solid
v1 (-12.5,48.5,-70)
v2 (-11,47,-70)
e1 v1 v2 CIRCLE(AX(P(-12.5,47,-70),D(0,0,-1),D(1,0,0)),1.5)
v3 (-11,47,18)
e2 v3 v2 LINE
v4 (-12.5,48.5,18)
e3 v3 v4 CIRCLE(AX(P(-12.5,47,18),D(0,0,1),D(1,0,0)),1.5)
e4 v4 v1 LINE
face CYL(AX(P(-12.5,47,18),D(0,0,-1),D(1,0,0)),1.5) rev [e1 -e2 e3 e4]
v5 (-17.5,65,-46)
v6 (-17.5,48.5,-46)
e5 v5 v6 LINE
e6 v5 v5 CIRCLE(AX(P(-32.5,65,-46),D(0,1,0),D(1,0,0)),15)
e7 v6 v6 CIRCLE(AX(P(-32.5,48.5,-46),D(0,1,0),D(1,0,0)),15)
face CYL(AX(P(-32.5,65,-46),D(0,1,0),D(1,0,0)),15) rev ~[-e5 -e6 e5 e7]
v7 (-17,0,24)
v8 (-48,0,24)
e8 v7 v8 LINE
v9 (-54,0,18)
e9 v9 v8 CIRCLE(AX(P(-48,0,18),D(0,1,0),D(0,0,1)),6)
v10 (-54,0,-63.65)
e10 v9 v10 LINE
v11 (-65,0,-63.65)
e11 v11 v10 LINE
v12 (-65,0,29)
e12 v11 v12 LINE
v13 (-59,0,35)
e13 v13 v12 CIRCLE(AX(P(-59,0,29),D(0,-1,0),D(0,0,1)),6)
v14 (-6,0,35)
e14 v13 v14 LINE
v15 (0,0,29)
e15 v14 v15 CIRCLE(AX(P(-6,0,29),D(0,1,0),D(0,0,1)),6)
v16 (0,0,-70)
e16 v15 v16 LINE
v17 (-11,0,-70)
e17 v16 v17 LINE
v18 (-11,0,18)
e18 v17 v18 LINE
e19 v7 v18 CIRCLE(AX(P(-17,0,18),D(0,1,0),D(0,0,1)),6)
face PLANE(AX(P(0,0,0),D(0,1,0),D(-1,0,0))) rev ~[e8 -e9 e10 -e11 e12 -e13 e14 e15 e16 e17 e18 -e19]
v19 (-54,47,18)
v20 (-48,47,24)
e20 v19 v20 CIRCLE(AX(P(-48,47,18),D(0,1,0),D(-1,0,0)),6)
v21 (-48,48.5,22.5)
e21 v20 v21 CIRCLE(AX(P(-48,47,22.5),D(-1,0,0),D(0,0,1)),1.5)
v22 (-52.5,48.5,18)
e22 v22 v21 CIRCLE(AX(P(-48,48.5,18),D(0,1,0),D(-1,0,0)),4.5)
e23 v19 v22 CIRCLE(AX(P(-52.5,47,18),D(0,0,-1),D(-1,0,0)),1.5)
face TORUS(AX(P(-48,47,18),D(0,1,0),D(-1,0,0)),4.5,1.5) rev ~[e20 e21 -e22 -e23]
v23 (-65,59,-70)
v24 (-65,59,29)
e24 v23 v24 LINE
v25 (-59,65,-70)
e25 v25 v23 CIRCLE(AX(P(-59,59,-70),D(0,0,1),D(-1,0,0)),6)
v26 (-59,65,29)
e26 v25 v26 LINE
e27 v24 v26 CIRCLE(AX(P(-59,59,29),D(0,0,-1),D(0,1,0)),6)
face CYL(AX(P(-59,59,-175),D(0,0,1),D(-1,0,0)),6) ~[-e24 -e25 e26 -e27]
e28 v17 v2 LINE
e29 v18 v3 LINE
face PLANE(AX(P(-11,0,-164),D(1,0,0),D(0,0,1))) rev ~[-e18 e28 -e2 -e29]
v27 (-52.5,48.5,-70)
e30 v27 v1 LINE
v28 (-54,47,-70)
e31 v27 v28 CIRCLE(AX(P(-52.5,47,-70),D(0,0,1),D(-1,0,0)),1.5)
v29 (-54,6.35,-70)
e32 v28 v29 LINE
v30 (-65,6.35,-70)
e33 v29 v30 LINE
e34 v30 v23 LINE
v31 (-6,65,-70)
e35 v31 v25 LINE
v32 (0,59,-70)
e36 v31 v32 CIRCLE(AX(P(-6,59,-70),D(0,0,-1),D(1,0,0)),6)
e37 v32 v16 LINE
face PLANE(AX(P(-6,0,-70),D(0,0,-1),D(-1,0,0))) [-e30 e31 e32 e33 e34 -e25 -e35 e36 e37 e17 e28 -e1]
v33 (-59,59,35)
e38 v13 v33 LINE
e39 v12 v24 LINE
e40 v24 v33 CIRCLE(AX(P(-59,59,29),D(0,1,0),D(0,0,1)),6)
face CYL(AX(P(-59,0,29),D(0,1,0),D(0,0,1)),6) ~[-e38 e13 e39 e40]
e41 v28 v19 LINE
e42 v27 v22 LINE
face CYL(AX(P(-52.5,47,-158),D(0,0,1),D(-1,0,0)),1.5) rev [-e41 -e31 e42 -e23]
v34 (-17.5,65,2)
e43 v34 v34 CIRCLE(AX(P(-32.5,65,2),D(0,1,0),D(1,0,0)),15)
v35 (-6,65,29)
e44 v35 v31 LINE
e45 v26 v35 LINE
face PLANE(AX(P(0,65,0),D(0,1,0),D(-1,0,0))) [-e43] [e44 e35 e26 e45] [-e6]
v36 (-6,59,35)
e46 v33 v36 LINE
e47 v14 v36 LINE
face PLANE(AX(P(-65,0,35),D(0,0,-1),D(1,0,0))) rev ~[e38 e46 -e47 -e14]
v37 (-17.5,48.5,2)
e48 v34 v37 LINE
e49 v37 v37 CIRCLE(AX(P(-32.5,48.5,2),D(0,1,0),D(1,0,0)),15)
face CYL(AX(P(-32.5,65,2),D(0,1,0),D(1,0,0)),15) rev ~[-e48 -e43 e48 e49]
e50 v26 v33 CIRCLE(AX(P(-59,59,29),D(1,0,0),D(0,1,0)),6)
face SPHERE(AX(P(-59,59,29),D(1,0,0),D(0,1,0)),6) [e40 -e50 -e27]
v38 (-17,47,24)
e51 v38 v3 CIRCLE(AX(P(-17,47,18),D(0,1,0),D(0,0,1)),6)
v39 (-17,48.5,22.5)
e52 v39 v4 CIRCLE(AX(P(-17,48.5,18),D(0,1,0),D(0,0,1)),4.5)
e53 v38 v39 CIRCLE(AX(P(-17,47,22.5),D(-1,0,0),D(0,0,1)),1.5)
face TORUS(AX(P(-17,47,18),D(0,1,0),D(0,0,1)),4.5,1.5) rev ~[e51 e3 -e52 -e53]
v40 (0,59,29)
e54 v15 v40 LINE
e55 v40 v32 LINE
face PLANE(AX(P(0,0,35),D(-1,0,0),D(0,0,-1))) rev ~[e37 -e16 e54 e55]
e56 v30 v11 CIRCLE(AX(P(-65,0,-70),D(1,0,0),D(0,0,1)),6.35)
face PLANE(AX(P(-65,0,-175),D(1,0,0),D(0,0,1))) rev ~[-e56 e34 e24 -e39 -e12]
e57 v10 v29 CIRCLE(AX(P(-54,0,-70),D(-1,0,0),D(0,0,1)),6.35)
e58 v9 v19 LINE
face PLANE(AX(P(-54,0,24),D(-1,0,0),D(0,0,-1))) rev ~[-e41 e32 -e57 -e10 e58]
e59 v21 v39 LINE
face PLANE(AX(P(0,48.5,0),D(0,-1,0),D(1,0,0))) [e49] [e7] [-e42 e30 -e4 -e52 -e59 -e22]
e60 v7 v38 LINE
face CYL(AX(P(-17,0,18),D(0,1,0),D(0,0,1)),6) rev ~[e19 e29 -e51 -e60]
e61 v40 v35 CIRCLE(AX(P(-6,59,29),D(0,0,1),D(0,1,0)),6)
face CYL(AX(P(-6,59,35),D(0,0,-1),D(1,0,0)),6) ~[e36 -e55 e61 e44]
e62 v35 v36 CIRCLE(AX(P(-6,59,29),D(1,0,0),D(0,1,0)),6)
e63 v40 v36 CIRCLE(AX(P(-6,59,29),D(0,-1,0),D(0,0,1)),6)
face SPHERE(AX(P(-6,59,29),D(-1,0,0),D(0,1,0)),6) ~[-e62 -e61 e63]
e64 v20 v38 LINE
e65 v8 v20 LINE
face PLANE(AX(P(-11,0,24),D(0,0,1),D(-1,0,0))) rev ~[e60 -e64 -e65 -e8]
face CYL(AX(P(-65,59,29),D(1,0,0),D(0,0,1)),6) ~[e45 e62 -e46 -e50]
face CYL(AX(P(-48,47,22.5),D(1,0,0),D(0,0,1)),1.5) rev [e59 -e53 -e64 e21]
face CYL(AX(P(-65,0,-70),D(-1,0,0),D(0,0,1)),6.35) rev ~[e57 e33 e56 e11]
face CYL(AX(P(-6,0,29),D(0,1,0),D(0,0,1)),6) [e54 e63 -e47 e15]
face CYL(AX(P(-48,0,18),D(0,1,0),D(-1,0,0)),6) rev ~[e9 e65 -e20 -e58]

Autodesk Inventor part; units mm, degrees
ref_plane "YZ Plane" through (0, 0, 0) normal (1, 0, 0) x (0, 1, 0)
ref_plane "XZ Plane" through (0, 0, 0) normal (0, 1, 0) x (-1, 0, 0)
ref_plane "XY Plane" through (0, 0, 0) normal (0, 0, 1) x (1, 0, 0)
sketch "Base" plane through (0, 0, 0) normal (0, 1, 0) x (-1, 0, 0)
  line L0 (0, 35) -> (0, -175)
  line L1 (0, -175) -> (65, -175)
  line L2 (65, -175) -> (65, 35)
  line L3 (65, 35) -> (0, 35)
  dimension "d6" = 210
  dimension "d7" = 65
extrude "Extrusion2" add sketch "Base" along normal blind 65
sketch "Top" plane through (0, 65, 0) normal (0, 1, 0) x (1, 0, 0)
  circle A0 centre (-32.5, 46) radius 17
  circle A1 centre (-32.5, -2) radius 17
  circle A2 centre (-32.5, 94) radius 17
  circle A3 centre (-32.5, 142) radius 17
  line L0 (0, 175) -> (-65, 175) projected
  line L1 (-65, 175) -> (-65, -35) projected
  line L2 (-65, -35) -> (0, -35) construction
  line L3 (-32.5, -35) -> (-32.5, 175) construction
  circle A4 centre (-32.5, -2) radius 15
  circle A5 centre (-32.5, 46) radius 15
  circle A6 centre (-32.5, 94) radius 15
  circle A7 centre (-32.5, 142) radius 15
  point P0 (-32.5, 70)
  dimension "d10" = 34
  dimension "d11" = 34
  dimension "d12" = 34
  dimension "d13" = 34
  dimension "d14" = 48
  dimension "d15" = 48
  dimension "d16" = 48
  dimension "d27" = 30
  dimension "d28" = 30
  dimension "d29" = 30
  dimension "d30" = 30
  dimension "d31" = 24
  dimension "d32" = 105
  dimension "d35" = 33
extrude "Extrusion3" cut sketch "Top" against normal up to next contours A4 | A5 | A6 | A7
sketch "Walls" plane through (0, 0, 0) normal (0, -1, 0) x (1, 0, 0)
  line L0 (-11, 24) -> (-54, 24)
  line L1 (-54, 24) -> (-54, -164)
  line L2 (-54, -164) -> (-11, -164)
  line L3 (-11, -164) -> (-11, 24)
  line L4 (-65, 35) -> (0, 35) projected
  line L5 (0, -175) -> (-65, -175) projected
  line L6 (0, 35) -> (0, -175) projected
  line L7 (-65, -175) -> (-65, 35) projected
  point P0 (0, 0)
  dimension "d21" = 11
  dimension "d22" = 11
  dimension "d23" = 11
  dimension "d24" = 11
  dimension "d33" = 43
  dimension "d47" = 65
extrude "Extrusion4" cut sketch "Walls" against normal blind 48.5 contours L3 L2 L1 L0
sketch "Sketch6" plane through (0, 0, 35) normal (1, 0, 0) x (0, 0, -1)
  line L0 (0, 0) -> (210, 0) projected
  line L1 (11, 48.5) -> (199, 48.5) projected
  point P0 (35, 0)
  point P1 (33.3852, 33.5)
  dimension "d34" = 48.5
fillet "Fillet1" radius 6 8 edges at (-32.5, 65, 35) (-65, 65, -70) (0, 65, -70) (0, 32.5, 35) (-65, 32.5, 35) (0, 32.5, -175) (-32.5, 65, -175) (-65, 32.5, -175)
sketch "Sketch7" plane through (-65, 0, -169) normal (-1, 0, 0) x (0, 0, 1)
  line L0 (0, 59) -> (198, 59) projected
  line L1 (99, 59) -> (99, 0) construction
  line L2 (0, 0) -> (198, 0) projected
  circle A0 centre (99, 0) radius 6.35
  point P0 (169, 0)
  dimension "d40" = 12.7
extrude "Extrusion5" cut sketch "Sketch7" against normal up to surface (11 mm away)
fillet "Fillet2" radius 6 4 edges at (-11, 24.25, 24) (-54, 24.25, 24) (-11, 24.25, -164) (-54, 24.25, -164)
sketch "Sketch8" plane through (0, 0, 29) normal (1, 0, 0) x (0, 0, -1)
  line L0 (0, 0) -> (198, 0) projected
  line L1 (198, 65) -> (0, 65) projected
  point P0 (29, 0)
  dimension "d42" = 65
fillet "Fillet3" radius 1.5 8 edges at (-52.2426, 48.5, 22.2426) (-32.5, 48.5, 24) (-12.7574, 48.5, 22.2426) (-11, 48.5, -70) (-12.7574, 48.5, -162.2426) (-32.5, 48.5, -164) (-52.2426, 48.5, -162.2426) (-54, 48.5, -70)
sketch "Sketch9" plane through (0, 0, 0) normal (0, -1, 0) x (1, 0, 0)
  line L0 (-54, -63.65) -> (-54, 18) projected
  line L1 (-11, 18) -> (-11, -158) projected
  line L2 (-65, -63.65) -> (-54, -63.65) projected
  line L3 (-54, -76.35) -> (-65, -76.35) projected
  line L4 (-48, 24) -> (-17, 24) projected
  point P0 (0, 0)
  dimension "d44" = 43
  dimension "d45" = 12.7
  dimension "d46" = 87.65
sketch "Sketch11" plane through (-6, 0, -175) normal (0, 0, -1) x (-1, 0, 0)
  line L0 (84.0226, 97.8745) -> (-43.2429, 97.8745)
  line L1 (-43.2429, 97.8745) -> (-43.2429, -59.4459)
  line L2 (-43.2429, -59.4459) -> (84.0226, -59.4459)
  line L3 (84.0226, -59.4459) -> (84.0226, 97.8745)
  point P0 (-6, 0)
extrude "Extrusion7" cut sketch "Sketch11" against normal blind 105
equation "\"d8\" = d7"
equation "\"d11\" = d10"
equation "\"d12\" = d10"
equation "\"d13\" = d10"
equation "\"d15\" = d14"
equation "\"d16\" = d14"
equation "\"d28\" = d27"
equation "\"d29\" = d27"
equation "\"d30\" = d27"
equation "\"d31\" = 0.5 * d14"
equation "\"d32\" = 0.5 * d6"
equation "\"d22\" = d21"
equation "\"d23\" = d21"
equation "\"d24\" = d23"
equation "\"d25\" = d7 - 1.5 * d21"
equation "\"d41\" = d36"
equation "\"d43\" = 0.25 * d36"
equation "\"d50\" = 0.5 * d6"
equation "\"d36\" = 6"
properties part number "Full"
